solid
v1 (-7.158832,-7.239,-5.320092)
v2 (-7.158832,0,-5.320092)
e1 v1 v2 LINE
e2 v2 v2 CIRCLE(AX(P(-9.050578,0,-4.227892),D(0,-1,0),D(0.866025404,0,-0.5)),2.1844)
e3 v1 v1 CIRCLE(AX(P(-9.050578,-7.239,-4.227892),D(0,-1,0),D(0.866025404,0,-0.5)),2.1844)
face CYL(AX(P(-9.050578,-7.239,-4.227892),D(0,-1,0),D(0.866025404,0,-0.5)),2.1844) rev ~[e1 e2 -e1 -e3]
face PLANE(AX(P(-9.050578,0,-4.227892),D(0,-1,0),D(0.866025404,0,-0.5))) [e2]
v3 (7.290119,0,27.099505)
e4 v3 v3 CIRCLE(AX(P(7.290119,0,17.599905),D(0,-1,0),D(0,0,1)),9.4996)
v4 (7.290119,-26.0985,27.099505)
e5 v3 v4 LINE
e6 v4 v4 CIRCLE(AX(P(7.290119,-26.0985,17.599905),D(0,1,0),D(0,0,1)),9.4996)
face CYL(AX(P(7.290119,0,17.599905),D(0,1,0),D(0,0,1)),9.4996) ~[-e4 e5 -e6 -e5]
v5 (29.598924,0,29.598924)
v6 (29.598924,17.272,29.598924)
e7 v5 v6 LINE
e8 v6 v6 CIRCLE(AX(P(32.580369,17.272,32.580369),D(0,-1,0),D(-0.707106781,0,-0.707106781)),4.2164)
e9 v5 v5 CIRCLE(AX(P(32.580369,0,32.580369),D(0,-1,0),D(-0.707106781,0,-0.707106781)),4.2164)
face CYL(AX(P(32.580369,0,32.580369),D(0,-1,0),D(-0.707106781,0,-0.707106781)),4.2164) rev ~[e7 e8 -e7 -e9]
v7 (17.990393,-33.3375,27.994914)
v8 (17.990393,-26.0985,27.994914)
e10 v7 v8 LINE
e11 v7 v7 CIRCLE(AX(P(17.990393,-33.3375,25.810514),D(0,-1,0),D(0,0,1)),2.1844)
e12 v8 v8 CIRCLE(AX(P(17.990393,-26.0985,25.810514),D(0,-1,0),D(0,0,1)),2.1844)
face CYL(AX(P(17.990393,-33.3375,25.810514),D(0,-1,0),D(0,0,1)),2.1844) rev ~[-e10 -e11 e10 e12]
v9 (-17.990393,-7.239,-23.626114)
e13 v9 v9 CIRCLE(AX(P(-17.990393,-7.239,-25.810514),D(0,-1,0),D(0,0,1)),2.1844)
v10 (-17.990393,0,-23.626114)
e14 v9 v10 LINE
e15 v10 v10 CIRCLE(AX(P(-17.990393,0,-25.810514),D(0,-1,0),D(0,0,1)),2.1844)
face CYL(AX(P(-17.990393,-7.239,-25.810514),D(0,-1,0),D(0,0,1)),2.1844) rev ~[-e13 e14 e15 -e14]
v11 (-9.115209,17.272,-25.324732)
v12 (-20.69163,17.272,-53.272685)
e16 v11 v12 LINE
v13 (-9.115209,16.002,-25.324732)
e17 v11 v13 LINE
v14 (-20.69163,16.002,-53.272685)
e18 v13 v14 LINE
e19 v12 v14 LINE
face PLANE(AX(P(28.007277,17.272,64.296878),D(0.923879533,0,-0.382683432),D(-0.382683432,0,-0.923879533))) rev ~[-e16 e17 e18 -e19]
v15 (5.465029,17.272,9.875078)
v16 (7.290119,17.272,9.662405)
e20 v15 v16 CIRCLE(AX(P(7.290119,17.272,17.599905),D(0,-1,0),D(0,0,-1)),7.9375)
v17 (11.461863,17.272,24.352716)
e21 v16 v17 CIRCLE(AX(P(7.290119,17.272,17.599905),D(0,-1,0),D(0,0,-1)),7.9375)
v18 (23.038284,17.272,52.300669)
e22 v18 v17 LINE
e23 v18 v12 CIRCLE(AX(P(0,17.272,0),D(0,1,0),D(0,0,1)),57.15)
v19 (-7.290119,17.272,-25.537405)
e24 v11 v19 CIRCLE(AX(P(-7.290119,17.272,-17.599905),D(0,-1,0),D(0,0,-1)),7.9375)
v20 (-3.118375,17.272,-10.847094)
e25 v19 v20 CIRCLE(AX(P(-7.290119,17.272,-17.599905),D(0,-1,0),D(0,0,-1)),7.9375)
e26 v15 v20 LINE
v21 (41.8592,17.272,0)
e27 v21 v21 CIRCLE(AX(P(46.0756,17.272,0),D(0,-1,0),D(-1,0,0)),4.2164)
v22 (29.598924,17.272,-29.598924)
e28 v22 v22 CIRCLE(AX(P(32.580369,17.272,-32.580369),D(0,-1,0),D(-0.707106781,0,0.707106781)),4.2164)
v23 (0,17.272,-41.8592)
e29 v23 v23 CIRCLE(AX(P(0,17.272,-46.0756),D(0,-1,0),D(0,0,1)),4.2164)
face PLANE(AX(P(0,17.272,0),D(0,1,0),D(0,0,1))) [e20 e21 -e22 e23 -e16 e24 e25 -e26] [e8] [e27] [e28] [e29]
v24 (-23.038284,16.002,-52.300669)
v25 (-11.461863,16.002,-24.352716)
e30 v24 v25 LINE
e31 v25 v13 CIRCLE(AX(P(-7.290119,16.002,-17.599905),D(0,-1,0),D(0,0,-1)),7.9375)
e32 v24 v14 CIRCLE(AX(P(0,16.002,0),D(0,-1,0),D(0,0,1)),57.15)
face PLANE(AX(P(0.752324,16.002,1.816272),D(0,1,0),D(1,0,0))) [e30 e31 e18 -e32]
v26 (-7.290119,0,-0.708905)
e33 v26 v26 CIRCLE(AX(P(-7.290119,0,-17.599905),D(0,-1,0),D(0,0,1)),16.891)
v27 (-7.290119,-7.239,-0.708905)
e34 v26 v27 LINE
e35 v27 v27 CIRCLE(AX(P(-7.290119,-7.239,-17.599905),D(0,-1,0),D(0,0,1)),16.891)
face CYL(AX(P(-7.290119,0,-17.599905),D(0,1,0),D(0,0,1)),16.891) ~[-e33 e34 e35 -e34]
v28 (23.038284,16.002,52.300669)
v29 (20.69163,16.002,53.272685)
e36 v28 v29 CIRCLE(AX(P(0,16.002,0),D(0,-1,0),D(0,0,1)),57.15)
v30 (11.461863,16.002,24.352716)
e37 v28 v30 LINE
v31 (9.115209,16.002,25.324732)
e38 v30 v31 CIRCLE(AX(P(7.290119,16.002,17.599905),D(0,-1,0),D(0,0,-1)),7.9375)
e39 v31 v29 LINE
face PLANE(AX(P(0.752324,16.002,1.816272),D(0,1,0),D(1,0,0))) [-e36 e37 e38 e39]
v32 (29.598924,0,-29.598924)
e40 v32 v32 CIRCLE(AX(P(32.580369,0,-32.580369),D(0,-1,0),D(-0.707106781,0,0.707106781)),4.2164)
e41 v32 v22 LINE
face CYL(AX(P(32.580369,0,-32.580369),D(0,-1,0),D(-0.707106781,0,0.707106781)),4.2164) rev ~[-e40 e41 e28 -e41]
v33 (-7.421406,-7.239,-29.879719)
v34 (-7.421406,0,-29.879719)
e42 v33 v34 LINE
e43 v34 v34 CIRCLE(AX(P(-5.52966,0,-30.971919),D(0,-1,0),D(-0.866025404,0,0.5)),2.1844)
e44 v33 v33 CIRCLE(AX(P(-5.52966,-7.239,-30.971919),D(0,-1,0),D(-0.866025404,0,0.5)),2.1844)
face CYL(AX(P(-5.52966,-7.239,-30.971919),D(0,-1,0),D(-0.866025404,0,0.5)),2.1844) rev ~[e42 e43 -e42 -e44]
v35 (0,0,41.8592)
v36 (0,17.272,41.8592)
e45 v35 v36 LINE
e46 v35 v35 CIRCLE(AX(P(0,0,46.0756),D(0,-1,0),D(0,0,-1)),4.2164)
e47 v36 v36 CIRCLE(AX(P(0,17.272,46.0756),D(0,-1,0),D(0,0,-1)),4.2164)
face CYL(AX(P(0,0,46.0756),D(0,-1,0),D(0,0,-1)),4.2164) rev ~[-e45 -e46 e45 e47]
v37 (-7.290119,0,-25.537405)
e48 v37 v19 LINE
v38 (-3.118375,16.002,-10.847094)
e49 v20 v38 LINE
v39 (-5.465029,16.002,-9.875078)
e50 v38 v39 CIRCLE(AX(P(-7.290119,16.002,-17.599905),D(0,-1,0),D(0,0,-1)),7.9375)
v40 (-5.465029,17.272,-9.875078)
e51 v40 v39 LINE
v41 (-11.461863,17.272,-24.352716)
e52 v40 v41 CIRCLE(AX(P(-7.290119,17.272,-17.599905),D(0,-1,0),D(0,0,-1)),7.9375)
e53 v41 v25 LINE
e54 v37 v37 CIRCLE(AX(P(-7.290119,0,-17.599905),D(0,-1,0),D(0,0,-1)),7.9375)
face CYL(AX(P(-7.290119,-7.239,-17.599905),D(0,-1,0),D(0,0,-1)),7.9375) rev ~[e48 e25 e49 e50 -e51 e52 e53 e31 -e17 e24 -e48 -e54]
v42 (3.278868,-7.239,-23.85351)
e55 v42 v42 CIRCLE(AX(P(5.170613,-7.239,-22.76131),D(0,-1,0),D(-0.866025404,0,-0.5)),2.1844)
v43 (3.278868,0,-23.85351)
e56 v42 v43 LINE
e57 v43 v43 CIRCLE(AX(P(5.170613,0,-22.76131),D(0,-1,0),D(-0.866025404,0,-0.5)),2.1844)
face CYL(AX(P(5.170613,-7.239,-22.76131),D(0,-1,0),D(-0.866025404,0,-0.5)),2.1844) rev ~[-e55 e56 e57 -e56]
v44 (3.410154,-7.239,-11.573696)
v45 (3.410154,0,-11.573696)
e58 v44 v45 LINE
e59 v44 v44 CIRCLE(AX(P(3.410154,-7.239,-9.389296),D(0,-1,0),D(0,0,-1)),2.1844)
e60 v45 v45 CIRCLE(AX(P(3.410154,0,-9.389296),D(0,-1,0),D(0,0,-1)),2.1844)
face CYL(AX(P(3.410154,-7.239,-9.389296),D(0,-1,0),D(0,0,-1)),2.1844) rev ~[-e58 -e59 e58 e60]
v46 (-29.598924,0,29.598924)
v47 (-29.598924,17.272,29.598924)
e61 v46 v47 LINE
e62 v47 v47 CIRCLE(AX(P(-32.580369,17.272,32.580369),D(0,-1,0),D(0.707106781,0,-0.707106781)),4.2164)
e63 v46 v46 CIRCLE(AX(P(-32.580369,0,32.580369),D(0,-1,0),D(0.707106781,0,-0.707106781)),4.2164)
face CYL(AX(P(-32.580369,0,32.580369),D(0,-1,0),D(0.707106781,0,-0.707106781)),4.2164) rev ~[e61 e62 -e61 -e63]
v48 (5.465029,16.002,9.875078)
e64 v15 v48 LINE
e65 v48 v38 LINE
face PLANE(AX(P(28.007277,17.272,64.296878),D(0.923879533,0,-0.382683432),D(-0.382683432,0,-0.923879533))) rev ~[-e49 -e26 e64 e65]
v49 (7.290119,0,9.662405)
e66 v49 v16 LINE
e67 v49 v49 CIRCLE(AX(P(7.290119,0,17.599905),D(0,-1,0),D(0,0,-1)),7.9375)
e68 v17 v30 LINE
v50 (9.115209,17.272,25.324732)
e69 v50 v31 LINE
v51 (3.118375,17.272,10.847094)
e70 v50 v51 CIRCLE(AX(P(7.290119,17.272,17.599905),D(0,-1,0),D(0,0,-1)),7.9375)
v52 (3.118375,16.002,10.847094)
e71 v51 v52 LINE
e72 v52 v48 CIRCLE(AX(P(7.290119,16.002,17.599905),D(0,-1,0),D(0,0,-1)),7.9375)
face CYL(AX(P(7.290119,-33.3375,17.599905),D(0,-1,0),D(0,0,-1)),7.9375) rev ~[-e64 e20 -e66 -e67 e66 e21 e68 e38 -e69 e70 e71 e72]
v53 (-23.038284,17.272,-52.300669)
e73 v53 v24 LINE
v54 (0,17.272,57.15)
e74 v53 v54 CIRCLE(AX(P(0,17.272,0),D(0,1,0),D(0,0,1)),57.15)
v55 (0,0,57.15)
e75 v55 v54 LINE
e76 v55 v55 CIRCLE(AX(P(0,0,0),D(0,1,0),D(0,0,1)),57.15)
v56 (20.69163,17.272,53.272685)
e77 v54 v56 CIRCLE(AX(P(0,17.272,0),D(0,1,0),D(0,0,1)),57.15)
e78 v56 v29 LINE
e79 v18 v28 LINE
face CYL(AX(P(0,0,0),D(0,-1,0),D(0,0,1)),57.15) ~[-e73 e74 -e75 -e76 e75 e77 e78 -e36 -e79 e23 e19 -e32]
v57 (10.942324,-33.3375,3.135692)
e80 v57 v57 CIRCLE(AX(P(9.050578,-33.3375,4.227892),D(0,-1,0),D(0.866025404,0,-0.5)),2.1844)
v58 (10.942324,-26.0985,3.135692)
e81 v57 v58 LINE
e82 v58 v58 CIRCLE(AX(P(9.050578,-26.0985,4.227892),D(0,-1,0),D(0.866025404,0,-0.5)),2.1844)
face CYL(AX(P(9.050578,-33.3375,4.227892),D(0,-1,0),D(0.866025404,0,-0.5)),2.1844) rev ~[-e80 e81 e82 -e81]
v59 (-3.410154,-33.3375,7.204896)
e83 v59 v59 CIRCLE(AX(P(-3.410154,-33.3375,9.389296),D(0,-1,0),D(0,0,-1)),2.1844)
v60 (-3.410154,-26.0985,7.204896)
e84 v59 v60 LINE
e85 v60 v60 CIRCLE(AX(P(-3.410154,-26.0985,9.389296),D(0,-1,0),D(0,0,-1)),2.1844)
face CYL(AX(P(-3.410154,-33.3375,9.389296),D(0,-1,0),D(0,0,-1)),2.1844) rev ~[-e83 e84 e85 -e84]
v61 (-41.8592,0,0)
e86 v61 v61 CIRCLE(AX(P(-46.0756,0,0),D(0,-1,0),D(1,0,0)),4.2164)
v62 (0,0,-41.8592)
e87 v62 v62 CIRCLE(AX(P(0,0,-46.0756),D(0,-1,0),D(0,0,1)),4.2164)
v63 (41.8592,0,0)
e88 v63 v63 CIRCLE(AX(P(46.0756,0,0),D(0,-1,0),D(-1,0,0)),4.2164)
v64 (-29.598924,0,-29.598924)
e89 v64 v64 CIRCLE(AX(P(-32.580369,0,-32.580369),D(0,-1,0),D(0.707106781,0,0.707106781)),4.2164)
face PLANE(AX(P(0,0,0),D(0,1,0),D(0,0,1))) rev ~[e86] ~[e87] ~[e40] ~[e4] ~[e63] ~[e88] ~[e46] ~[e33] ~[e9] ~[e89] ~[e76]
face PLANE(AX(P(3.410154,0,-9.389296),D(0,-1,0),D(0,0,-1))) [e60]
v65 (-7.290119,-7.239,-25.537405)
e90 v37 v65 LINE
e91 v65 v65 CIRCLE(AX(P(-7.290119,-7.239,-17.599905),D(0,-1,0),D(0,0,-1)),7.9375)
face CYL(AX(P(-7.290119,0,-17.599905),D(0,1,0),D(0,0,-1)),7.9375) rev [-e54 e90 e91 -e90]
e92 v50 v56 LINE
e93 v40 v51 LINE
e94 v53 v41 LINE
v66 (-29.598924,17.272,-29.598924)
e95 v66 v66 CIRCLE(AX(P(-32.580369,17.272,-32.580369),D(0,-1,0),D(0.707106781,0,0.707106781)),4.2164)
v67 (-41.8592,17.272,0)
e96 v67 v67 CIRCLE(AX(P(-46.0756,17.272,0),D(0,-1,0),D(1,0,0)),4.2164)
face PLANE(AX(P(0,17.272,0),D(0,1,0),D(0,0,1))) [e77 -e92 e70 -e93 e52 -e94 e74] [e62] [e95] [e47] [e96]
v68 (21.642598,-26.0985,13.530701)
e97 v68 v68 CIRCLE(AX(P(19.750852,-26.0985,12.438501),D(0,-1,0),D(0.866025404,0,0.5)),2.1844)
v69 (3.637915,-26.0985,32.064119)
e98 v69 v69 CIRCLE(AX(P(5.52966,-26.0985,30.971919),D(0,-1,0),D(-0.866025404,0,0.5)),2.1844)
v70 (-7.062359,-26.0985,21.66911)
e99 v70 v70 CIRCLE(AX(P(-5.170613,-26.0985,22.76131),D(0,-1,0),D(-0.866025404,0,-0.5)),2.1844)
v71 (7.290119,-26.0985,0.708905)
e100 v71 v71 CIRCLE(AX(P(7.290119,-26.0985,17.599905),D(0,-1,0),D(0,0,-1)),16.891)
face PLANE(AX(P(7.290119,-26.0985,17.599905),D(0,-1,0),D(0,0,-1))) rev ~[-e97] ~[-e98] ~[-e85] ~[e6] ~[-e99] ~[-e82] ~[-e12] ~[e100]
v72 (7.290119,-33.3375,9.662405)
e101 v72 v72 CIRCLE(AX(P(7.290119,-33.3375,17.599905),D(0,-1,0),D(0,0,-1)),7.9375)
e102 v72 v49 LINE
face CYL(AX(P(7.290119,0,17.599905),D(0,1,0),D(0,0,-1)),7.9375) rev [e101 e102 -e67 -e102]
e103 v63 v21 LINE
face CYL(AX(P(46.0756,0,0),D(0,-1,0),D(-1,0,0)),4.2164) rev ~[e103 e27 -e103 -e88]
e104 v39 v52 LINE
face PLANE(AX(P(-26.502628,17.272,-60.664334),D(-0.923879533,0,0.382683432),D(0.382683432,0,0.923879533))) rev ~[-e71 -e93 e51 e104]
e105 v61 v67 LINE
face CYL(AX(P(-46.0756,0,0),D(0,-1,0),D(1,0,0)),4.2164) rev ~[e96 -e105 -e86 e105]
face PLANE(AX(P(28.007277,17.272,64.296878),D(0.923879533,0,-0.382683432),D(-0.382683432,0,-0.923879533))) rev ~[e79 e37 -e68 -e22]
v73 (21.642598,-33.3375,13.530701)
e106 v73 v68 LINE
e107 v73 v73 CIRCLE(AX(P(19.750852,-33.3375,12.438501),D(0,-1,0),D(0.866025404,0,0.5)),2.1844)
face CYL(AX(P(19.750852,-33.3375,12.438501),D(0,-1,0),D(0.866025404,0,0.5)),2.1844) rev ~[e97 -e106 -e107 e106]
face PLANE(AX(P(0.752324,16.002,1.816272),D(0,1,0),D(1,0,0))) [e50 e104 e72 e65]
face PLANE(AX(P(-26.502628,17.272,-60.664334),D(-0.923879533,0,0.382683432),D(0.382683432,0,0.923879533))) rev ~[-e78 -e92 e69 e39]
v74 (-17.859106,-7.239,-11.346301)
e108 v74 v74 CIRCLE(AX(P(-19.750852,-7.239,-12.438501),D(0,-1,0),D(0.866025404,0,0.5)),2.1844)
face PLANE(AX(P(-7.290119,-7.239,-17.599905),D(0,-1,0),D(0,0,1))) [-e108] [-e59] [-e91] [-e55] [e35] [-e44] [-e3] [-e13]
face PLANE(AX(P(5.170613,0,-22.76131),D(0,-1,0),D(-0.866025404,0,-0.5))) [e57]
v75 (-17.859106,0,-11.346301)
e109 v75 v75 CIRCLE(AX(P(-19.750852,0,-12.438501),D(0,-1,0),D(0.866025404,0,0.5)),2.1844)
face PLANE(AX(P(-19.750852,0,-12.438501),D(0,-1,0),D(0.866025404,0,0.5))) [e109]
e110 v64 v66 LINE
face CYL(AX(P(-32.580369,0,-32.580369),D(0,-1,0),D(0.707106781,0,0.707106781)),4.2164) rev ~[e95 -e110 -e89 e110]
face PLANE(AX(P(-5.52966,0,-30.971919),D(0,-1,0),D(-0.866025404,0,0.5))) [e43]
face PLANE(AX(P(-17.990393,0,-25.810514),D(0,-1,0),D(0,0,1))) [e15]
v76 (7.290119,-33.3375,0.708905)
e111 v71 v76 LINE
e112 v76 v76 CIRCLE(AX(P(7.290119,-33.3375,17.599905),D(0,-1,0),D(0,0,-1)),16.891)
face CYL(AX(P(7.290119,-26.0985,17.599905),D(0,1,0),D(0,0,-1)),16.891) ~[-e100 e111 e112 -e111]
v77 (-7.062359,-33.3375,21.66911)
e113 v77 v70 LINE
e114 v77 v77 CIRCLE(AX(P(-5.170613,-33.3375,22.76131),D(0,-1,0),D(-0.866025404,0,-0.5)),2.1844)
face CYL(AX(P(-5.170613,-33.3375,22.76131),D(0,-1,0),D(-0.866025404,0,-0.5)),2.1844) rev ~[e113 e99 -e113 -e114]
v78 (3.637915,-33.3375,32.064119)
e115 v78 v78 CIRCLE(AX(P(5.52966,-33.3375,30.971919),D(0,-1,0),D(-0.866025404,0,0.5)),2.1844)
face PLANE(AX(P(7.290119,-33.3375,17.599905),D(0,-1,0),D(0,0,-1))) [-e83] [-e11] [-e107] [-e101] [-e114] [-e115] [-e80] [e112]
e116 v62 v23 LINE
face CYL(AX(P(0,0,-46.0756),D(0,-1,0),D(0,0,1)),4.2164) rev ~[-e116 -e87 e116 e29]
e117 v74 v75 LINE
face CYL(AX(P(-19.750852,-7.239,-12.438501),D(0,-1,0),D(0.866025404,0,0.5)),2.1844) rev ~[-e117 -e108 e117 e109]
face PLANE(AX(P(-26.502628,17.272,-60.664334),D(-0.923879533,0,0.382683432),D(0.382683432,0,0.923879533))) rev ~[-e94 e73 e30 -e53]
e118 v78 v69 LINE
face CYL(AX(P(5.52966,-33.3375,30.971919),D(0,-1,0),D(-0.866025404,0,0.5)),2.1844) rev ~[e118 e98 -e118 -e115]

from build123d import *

# Parameters (mm, degrees)
SKETCH1_R         = 57.15
EXTRUDE1_DEPTH    = 17.272
SKETCH3_R         = 4.2164
EXTRUDE2_DEPTH    = 83.647244261
CIRPATTERN1_COUNT = 8
SKETCH5_R         = 9.4996
SKETCH5_R_2       = 7.9375
EXTRUDE3_DEPTH    = 33.3375
EXTRUDE4_START    = -7.239
SKETCH6_R         = 16.891
SKETCH6_R_2       = 7.9375
EXTRUDE4_DEPTH    = 7.239
EXTRUDE5_REACH    = 97.36
SKETCH7_R         = 2.1844
CIRPATTERN2_COUNT = 6
SKETCH8_R         = 7.9375
EXTRUDE6_DEPTH    = 96.360193426
SKETCH9_R         = 16.891
SKETCH9_R_2       = 7.9375
EXTRUDE7_DEPTH    = 7.239
SKETCH11_R        = 7.9375
EXTRUDE8_DEPTH    = 85.931600139
SKETCH12_R        = 2.1844
EXTRUDE9_DEPTH    = 7.239
CIRPATTERN3_COUNT = 6
EXTRUDE10_DEPTH   = 1.27


with BuildPart() as part:
    # Sketch1 → Extrude1 (new body)
    with BuildSketch(Plane(origin=(0, 0, 0), x_dir=(1, 0, 0), z_dir=(0, 1, 0))):
        with Locations(Location((0, 0, 0), (0, 0, 270))):
            Circle(SKETCH1_R)
    extrude(amount=EXTRUDE1_DEPTH)

    # Sketch3 → Extrude2 (cut, through all)
    with BuildSketch(Plane.XZ):
        with Locations(Location((0, 46.0756, 0), (0, 0, 270))):
            Circle(SKETCH3_R)
    extrude2 = extrude(amount=-EXTRUDE2_DEPTH, mode=Mode.SUBTRACT)

    # CirPattern1: Extrude2 ×8 about axis
    cirpattern1_axis = Axis((0, 0, 0), (0, 1, 0))
    for i in range(1, CIRPATTERN1_COUNT):
        add(extrude2.rotate(cirpattern1_axis, i * 360 / CIRPATTERN1_COUNT), mode=Mode.SUBTRACT)

    # Sketch5 → Extrude3 (add)
    with BuildSketch(Plane.XZ):
        with Locations(Location((7.290119387, 17.599905094, 0), (0, 0, 90))):
            Circle(SKETCH5_R)
        with Locations(Location((7.290119387, 17.599905094, 0), (0, 0, 270))):
            Circle(SKETCH5_R_2, mode=Mode.SUBTRACT)
    extrude(amount=EXTRUDE3_DEPTH)

    # Sketch6 → Extrude4 (add)
    with BuildSketch(Plane.XZ.offset(33.3375).offset(EXTRUDE4_START)):
        with Locations(Location((7.290119387, 17.599905094, 0), (0, 0, 270))):
            Circle(SKETCH6_R)
        with Locations(Location((7.290119387, 17.599905094, 0), (0, 0, 270))):
            Circle(SKETCH6_R_2, mode=Mode.SUBTRACT)
    extrude(amount=EXTRUDE4_DEPTH)

    # Sketch7 → Extrude5 (cut, up to next)
    with BuildSketch(Plane.XZ.offset(33.3375), mode=Mode.PRIVATE) as extrude5_sk1:
        with Locations(Location((-3.410154455, 9.389296197, 0), (0, 0, 270))):
            Circle(SKETCH7_R)
    extrude5_tool1 = extrude(extrude5_sk1.sketch, amount=-EXTRUDE5_REACH, mode=Mode.PRIVATE) & part.part
    extrude5 = extrude5_tool1.solids().sort_by_distance((-3.410154, -33.3375, 9.389296))[0]
    add(extrude5, mode=Mode.SUBTRACT)

    # CirPattern2: Extrude5 ×6 about axis
    cirpattern2_axis = Axis((7.290119387, 0, 17.599905094), (0, 1, 0))
    for i in range(1, CIRPATTERN2_COUNT):
        add(extrude5.rotate(cirpattern2_axis, i * 360 / CIRPATTERN2_COUNT), mode=Mode.SUBTRACT)

    # Sketch8 → Extrude6 (cut, through all)
    with BuildSketch(Plane.XZ.offset(33.3375)):
        with Locations(Location((7.290119387, 17.599905094, 0), (0, 0, 270))):
            Circle(SKETCH8_R)
    extrude(amount=-EXTRUDE6_DEPTH, mode=Mode.SUBTRACT)

    # Sketch9 → Extrude7 (add)
    with BuildSketch(Plane.XZ):
        with Locations(Location((-7.290119387, -17.599905094, 0), (0, 0, 90))):
            Circle(SKETCH9_R)
        with Locations(Location((-7.290119387, -17.599905094, 0), (0, 0, 270))):
            Circle(SKETCH9_R_2, mode=Mode.SUBTRACT)
    extrude(amount=EXTRUDE7_DEPTH)

    # Sketch11 → Extrude8 (cut, through all)
    with BuildSketch(Plane.XZ.offset(7.239)):
        with Locations(Location((-7.290119387, -17.599905094, 0), (0, 0, 270))):
            Circle(SKETCH11_R)
    extrude(amount=-EXTRUDE8_DEPTH, mode=Mode.SUBTRACT)

    # Sketch12 → Extrude9 (cut)
    with BuildSketch(Plane.XZ.offset(7.239)):
        with Locations(Location((3.410154455, -9.389296197, 0), (0, 0, 270))):
            Circle(SKETCH12_R)
    extrude9 = extrude(amount=-EXTRUDE9_DEPTH, mode=Mode.SUBTRACT)

    # CirPattern3: Extrude9 ×6 about axis
    cirpattern3_axis = Axis((-7.290119387, 0, -17.599905094), (0, 1, 0))
    for i in range(1, CIRPATTERN3_COUNT):
        add(extrude9.rotate(cirpattern3_axis, i * 360 / CIRPATTERN3_COUNT), mode=Mode.SUBTRACT)

    # Sketch13 → Extrude10 (cut)
    with BuildSketch(Plane(origin=(0, 17.272, 0), x_dir=(1, 0, 0), z_dir=(0, 1, 0))):
        Polygon((-24.155973891, 61.636349712), (-26.502627904, 60.664333794), (25.660622812, -65.268893542), (28.007276825, -64.296877624), align=None)
    extrude(amount=-EXTRUDE10_DEPTH, mode=Mode.SUBTRACT)


solid = part.part
